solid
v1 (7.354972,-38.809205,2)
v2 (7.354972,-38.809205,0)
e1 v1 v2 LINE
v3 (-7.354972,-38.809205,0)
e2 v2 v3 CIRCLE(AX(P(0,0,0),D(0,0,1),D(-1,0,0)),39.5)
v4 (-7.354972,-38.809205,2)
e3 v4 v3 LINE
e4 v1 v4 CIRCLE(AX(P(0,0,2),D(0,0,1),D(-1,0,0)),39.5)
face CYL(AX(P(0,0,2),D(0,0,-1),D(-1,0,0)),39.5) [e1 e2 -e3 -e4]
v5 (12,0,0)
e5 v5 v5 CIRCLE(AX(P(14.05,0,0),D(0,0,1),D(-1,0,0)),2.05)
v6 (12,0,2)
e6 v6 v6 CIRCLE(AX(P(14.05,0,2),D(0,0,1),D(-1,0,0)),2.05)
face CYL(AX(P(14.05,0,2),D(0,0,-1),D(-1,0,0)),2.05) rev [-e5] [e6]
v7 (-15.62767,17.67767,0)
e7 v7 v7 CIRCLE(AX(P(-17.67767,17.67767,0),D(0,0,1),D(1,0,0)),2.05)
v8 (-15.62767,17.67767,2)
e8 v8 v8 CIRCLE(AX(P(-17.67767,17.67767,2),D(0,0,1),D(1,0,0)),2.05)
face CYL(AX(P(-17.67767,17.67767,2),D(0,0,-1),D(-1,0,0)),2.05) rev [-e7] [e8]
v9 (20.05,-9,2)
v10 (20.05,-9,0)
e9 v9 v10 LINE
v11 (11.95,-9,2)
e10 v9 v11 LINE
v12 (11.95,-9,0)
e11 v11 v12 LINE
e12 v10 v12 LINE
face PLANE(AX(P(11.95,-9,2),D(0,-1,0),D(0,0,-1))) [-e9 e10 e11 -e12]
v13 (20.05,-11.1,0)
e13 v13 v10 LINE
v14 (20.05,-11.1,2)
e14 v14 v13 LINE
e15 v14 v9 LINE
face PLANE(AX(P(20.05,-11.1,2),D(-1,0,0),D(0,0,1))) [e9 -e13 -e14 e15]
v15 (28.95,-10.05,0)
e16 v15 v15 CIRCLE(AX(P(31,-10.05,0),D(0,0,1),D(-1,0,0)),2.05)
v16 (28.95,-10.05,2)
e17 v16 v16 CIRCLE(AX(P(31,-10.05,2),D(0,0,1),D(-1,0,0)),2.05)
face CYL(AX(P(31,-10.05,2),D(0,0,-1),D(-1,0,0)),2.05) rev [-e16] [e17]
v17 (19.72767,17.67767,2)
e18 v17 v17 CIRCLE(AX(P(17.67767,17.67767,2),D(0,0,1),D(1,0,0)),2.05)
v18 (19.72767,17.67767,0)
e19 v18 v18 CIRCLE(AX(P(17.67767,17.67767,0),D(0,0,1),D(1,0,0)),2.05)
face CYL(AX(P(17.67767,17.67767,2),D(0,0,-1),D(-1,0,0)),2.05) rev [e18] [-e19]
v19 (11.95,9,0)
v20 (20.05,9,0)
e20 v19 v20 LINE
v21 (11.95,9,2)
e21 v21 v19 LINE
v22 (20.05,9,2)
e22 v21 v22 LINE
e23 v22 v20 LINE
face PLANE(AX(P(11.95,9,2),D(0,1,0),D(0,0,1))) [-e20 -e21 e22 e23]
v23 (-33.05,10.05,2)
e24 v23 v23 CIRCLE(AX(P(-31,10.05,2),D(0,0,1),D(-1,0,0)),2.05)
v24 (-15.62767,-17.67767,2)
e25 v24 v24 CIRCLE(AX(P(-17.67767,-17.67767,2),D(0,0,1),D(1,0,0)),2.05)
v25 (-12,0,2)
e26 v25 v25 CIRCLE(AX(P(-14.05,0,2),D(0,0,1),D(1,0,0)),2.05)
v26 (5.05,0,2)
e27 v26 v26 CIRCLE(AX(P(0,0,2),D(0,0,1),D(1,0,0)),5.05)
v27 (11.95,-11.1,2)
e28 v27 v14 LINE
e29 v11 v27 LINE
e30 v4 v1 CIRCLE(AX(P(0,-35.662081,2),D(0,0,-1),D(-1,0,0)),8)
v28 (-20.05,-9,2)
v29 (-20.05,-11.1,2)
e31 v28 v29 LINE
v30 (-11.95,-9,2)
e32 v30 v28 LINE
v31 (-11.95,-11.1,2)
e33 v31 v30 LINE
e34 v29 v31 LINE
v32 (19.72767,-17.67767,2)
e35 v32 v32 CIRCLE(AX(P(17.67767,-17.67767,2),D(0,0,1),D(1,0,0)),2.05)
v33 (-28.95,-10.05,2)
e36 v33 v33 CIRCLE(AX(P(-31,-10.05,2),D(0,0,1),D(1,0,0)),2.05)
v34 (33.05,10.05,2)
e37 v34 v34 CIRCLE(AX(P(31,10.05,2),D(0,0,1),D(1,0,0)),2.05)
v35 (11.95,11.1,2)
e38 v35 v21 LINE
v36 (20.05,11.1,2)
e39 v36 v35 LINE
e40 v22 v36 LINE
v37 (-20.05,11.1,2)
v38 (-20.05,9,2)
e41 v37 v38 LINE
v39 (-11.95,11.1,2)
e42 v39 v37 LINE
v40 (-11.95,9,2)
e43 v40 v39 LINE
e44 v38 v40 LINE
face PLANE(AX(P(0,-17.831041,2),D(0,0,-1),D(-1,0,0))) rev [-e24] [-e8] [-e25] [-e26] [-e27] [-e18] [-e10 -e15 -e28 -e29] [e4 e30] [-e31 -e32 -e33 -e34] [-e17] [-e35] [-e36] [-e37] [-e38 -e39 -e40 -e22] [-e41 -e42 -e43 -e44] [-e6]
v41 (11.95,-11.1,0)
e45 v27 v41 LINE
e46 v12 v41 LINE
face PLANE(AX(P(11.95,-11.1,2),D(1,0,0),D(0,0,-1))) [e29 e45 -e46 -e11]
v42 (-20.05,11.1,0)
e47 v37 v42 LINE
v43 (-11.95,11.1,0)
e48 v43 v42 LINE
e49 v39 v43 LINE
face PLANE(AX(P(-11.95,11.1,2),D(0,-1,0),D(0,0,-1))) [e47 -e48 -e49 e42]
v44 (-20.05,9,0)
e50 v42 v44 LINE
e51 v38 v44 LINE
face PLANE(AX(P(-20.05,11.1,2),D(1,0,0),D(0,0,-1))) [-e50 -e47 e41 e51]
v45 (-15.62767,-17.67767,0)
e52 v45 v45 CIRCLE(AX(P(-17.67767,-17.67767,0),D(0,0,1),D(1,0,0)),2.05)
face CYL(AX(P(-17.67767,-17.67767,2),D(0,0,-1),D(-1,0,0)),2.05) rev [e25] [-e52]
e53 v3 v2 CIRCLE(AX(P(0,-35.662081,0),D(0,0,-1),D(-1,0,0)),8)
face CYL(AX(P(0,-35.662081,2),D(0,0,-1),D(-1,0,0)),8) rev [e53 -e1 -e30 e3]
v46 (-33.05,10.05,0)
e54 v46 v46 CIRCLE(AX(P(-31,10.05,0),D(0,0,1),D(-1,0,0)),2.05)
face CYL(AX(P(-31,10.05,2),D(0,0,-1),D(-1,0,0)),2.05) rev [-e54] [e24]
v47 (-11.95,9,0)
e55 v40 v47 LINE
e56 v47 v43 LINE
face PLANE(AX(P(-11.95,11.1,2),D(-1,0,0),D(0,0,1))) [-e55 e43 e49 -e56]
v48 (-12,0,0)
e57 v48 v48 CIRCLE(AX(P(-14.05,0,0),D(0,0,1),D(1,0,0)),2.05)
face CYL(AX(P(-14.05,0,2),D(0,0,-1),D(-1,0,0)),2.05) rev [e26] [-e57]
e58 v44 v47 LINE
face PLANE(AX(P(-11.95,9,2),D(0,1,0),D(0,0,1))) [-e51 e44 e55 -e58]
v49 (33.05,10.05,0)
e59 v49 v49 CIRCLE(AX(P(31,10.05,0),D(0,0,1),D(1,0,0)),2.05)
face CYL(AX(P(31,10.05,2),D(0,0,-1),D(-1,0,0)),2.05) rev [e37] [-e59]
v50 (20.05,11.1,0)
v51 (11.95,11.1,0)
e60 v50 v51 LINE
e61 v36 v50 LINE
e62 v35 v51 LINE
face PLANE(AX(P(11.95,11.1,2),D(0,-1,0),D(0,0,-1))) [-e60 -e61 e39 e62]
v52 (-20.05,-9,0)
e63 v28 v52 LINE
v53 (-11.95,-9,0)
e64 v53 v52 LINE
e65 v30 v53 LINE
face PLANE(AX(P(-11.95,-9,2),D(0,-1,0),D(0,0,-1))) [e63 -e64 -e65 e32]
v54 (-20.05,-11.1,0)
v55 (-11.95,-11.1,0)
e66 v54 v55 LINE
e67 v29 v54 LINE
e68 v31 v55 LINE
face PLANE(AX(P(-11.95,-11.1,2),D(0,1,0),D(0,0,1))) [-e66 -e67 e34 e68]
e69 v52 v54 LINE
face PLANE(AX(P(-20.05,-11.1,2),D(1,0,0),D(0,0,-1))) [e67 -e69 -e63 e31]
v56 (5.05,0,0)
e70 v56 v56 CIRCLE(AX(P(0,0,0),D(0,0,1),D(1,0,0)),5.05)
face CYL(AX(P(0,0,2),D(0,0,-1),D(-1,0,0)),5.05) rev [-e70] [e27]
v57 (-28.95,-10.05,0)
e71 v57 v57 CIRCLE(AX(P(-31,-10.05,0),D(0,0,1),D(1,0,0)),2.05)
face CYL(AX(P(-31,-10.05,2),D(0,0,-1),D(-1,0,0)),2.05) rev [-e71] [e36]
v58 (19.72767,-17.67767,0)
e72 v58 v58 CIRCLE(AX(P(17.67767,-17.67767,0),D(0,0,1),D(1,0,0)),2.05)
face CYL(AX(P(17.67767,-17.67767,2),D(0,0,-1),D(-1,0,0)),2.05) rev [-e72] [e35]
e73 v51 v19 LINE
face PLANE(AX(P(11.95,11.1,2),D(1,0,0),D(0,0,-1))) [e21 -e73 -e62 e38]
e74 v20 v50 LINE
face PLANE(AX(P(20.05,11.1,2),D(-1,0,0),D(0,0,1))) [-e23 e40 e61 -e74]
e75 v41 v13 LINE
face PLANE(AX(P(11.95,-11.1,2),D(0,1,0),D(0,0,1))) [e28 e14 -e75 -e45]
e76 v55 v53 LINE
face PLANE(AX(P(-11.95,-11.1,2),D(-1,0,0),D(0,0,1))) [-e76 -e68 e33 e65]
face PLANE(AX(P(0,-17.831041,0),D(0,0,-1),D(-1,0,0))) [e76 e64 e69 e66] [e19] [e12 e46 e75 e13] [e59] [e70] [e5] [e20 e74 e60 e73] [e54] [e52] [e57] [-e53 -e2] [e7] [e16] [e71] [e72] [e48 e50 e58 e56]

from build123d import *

# Parameters (mm, degrees)
SKETCH_1_R      = 5.05
SKETCH_1_R_2    = 2.05
SKETCH_1_W      = 8.1
SKETCH_1_H      = 2.1
EXTRUDE_1_DEPTH = 2


with BuildPart() as part:
    # 草图1 → 凸台-拉伸1 (new body)
    with BuildSketch(Plane.XY):
        with BuildLine():
            ThreePointArc((-7.35497191, -38.809204942), (0, 39.5), (7.35497191, -38.809204942))
            ThreePointArc((7.35497191, -38.809204942), (0, -27.662081143), (-7.35497191, -38.809204942))
        make_face()
        Circle(SKETCH_1_R, mode=Mode.SUBTRACT)
        with Locations((-17.67766953, -17.67766953)):
            Circle(SKETCH_1_R_2, mode=Mode.SUBTRACT)
        with Locations((-17.67766953, 17.67766953)):
            Circle(SKETCH_1_R_2, mode=Mode.SUBTRACT)
        with Locations((17.67766953, 17.67766953)):
            Circle(SKETCH_1_R_2, mode=Mode.SUBTRACT)
        with Locations((17.67766953, -17.67766953)):
            Circle(SKETCH_1_R_2, mode=Mode.SUBTRACT)
        with Locations((31, 10.05)):
            Circle(SKETCH_1_R_2, mode=Mode.SUBTRACT)
        with Locations(Location((31, -10.05, 0), (0, 0, 180))):
            Circle(SKETCH_1_R_2, mode=Mode.SUBTRACT)
        with Locations((-31, -10.05)):
            Circle(SKETCH_1_R_2, mode=Mode.SUBTRACT)
        with Locations(Location((-31, 10.05, 0), (0, 0, 180))):
            Circle(SKETCH_1_R_2, mode=Mode.SUBTRACT)
        with Locations((-14.05, 0)):
            Circle(SKETCH_1_R_2, mode=Mode.SUBTRACT)
        with Locations(Location((14.05, 0, 0), (0, 0, 180))):
            Circle(SKETCH_1_R_2, mode=Mode.SUBTRACT)
        with Locations((16, -10.05)):
            Rectangle(SKETCH_1_W, SKETCH_1_H, mode=Mode.SUBTRACT)
        with Locations((16, 10.05)):
            Rectangle(SKETCH_1_W, SKETCH_1_H, mode=Mode.SUBTRACT)
        with Locations((-16, 10.05)):
            Rectangle(SKETCH_1_W, SKETCH_1_H, mode=Mode.SUBTRACT)
        with Locations((-16, -10.05)):
            Rectangle(SKETCH_1_W, SKETCH_1_H, mode=Mode.SUBTRACT)
    extrude(amount=EXTRUDE_1_DEPTH)


solid = part.part
